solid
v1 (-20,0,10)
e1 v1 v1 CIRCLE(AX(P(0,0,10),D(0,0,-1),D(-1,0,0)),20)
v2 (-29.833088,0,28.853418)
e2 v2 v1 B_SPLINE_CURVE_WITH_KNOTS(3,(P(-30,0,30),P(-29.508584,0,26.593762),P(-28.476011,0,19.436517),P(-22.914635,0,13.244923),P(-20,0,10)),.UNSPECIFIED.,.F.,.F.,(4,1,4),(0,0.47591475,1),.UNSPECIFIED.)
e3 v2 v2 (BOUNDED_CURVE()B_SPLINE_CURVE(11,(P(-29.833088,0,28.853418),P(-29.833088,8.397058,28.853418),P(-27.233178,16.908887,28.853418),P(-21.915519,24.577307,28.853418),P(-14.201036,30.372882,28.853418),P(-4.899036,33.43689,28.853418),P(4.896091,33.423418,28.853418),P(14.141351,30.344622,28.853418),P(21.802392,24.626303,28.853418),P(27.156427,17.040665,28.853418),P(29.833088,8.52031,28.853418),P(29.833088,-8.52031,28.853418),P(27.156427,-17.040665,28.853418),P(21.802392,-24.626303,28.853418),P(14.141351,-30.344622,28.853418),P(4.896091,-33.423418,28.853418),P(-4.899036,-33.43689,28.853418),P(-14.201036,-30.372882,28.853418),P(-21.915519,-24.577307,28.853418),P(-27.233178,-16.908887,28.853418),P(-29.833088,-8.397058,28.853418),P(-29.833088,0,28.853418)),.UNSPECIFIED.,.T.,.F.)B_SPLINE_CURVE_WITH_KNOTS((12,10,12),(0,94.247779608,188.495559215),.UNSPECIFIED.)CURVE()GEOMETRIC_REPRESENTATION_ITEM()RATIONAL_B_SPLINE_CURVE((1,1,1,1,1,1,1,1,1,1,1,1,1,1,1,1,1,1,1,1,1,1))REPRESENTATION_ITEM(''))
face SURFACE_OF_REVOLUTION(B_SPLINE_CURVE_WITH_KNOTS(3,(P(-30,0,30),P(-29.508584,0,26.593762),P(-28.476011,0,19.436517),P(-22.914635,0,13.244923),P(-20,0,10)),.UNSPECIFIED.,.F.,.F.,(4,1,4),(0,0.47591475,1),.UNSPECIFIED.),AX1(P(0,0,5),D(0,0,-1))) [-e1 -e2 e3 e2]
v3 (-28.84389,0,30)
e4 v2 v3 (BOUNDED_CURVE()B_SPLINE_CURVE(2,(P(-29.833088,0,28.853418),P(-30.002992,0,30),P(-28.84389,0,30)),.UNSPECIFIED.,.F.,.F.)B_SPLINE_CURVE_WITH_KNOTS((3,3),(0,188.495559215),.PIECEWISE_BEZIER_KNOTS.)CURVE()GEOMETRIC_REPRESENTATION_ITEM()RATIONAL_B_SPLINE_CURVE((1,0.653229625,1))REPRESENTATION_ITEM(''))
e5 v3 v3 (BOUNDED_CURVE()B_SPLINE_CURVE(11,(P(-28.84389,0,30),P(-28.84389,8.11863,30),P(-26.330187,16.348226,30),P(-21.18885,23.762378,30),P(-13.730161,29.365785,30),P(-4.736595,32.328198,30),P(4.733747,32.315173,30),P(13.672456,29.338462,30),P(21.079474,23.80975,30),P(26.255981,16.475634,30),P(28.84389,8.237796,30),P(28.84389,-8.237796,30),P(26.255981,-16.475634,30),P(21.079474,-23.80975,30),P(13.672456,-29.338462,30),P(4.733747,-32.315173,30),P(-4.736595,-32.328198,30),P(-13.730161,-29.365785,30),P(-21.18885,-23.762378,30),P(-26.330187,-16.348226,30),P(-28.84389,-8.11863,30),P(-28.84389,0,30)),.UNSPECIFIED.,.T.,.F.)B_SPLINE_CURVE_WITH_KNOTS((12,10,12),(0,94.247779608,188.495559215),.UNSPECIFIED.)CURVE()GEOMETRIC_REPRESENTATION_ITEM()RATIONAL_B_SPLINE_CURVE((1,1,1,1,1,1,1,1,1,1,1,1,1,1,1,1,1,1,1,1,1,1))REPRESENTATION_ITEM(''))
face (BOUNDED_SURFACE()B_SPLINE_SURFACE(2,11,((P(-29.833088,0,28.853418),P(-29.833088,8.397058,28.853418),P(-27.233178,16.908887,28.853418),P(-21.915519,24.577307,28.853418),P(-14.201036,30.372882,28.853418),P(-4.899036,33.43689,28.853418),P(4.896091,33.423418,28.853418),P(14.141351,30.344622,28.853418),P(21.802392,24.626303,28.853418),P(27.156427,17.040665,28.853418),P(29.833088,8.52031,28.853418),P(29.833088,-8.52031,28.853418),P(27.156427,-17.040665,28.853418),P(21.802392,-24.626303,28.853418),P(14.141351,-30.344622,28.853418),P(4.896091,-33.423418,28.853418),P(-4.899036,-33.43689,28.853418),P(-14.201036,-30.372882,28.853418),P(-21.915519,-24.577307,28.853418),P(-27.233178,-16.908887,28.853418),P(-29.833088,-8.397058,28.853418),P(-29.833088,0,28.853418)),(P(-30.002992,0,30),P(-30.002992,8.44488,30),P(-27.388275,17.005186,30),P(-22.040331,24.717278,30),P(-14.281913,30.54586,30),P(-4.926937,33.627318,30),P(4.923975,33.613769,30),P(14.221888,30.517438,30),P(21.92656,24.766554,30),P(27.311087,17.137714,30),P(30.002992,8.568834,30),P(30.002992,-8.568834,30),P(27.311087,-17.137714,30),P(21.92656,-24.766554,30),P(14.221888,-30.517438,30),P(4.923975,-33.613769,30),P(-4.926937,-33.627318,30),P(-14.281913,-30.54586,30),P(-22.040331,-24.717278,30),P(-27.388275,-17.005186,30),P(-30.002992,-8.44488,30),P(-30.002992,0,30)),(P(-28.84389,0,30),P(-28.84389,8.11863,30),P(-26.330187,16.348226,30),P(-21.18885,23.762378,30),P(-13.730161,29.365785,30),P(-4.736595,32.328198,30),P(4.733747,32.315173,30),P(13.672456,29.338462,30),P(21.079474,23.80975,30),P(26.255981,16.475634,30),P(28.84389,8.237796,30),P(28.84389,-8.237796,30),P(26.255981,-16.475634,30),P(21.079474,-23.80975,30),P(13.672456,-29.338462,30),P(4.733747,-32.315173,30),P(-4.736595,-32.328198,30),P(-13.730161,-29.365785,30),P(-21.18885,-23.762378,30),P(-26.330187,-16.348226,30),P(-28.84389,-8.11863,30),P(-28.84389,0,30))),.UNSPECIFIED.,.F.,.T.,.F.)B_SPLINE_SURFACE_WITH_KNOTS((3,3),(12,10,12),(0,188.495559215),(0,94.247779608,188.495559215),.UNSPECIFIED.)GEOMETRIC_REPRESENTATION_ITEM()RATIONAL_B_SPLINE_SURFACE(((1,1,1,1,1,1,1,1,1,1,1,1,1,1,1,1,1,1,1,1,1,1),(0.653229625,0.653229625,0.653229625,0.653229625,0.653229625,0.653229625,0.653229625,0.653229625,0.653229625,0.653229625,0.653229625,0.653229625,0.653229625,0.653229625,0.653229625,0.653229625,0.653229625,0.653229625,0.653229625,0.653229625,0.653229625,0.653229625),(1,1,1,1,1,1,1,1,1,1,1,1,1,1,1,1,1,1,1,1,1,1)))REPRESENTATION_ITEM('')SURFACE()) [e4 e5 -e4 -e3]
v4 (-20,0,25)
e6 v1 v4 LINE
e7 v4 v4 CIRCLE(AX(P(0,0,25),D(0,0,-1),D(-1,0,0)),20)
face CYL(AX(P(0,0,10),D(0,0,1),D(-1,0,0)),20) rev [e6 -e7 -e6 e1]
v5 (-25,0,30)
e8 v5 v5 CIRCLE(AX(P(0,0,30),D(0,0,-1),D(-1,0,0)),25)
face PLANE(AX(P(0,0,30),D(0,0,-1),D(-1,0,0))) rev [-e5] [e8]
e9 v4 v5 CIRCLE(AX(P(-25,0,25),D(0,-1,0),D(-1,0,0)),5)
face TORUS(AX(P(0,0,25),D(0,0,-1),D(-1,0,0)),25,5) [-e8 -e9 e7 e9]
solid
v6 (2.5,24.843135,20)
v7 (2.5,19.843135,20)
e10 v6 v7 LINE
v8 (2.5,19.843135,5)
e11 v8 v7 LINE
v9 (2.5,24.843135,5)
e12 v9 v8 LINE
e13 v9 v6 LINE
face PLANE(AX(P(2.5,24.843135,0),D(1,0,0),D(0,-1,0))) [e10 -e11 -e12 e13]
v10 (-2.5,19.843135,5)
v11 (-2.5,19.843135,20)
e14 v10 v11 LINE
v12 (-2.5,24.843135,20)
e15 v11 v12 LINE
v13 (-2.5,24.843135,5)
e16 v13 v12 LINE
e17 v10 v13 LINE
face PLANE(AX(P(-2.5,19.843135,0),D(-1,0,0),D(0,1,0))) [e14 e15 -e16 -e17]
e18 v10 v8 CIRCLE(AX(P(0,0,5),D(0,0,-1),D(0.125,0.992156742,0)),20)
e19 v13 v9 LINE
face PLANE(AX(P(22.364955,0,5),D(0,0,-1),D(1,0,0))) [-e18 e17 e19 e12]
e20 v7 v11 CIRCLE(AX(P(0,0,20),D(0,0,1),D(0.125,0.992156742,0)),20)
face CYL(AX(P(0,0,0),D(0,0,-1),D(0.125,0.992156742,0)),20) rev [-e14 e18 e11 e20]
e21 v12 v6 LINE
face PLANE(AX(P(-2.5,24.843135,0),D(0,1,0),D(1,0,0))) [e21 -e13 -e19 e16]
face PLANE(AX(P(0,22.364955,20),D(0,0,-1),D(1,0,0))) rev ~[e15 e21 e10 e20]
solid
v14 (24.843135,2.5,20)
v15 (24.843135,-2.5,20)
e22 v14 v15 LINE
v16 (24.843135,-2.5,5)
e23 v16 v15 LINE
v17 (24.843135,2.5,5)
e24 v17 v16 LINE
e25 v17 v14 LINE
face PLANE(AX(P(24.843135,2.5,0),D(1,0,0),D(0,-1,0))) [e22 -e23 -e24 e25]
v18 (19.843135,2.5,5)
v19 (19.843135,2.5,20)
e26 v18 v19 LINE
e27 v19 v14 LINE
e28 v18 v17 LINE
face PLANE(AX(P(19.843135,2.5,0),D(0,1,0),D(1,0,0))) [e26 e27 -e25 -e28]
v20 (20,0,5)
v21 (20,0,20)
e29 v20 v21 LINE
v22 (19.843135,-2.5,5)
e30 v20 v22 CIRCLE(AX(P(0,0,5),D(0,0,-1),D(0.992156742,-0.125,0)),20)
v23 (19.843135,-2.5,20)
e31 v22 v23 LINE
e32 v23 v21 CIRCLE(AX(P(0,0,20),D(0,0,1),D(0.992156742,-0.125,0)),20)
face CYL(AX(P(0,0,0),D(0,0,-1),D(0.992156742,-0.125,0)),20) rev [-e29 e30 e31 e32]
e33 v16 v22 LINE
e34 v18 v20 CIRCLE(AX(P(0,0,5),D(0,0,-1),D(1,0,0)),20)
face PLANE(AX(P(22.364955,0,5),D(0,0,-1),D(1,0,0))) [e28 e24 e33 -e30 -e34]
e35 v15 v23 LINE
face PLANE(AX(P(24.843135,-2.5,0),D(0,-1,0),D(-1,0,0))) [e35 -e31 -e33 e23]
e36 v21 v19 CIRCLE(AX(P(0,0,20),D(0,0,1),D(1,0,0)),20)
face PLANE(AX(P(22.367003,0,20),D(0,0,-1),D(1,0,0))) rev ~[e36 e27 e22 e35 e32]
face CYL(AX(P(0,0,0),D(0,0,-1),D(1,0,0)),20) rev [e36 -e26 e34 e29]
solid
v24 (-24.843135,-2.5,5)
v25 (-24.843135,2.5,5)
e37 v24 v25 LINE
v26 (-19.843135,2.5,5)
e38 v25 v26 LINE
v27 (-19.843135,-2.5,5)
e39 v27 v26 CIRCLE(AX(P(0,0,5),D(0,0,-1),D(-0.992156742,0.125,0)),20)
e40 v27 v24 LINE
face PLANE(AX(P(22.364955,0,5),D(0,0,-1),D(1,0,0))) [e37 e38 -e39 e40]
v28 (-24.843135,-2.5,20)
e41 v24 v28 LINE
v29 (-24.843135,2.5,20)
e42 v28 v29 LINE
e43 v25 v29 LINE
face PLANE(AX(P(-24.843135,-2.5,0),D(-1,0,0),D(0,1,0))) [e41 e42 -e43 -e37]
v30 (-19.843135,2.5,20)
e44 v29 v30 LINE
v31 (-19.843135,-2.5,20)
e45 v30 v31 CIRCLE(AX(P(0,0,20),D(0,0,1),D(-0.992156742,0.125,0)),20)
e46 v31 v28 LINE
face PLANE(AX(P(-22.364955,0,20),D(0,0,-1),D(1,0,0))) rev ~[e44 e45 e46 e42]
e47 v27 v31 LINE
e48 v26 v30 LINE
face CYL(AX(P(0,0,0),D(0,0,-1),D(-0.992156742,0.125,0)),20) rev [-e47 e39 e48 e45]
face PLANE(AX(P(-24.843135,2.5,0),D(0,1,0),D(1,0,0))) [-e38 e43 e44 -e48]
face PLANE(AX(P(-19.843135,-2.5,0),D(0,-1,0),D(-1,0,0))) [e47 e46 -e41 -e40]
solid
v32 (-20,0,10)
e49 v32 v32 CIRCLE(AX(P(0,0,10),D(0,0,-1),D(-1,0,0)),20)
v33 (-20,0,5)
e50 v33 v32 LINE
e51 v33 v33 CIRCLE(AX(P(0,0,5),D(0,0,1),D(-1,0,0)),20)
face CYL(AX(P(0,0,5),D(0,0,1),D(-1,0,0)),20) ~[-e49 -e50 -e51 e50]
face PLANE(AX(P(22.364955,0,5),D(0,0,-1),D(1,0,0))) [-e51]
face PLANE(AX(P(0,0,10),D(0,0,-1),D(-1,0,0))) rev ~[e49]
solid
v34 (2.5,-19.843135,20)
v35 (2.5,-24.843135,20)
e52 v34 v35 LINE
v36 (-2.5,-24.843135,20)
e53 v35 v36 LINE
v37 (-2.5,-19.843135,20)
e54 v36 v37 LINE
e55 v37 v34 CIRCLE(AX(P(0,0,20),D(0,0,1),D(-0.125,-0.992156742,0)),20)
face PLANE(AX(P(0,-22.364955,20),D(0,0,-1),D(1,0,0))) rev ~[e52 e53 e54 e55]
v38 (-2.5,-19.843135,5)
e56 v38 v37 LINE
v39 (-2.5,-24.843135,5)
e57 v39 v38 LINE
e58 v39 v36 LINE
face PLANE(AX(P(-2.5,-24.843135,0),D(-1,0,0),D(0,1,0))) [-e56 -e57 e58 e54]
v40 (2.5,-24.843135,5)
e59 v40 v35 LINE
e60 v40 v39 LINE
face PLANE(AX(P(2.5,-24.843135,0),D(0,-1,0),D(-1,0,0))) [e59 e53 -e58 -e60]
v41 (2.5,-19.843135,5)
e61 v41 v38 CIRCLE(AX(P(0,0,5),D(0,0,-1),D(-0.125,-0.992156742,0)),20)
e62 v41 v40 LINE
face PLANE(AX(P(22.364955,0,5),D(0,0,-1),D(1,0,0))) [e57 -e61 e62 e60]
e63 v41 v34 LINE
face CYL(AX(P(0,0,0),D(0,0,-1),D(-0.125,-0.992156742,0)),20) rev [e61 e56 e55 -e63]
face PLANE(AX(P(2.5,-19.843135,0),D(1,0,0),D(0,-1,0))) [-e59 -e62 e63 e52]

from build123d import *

# Parameters (mm, degrees)
F0_W      = 20
F0_H      = 10
F2_R      = 5
F4_DEPTH  = 20
F5_R      = 1
F1_FACE_R = 20
F6_DEPTH  = 5


with BuildPart() as f1:
    # F0 (on Front) → F1 (revolve)
    with BuildSketch(Plane.XZ):
        with BuildLine():
            add(Edge.make_bspline(
                [(-30, 30), (-29.5085835647, 26.5937616974), (-28.4760111656, 19.436517039), (-22.9146351429, 13.2449230719), (-20, 10)],
                knots=[0, 0, 0, 0, 0.47591475, 1, 1, 1, 1], degree=3))
            Line((-20, 10), (-20, 30))
            Line((-20, 30), (-25, 30))
            Line((-25, 30), (-30, 30))
        make_face()
    revolve(axis=Axis((0, 0, 5), (0, 0, -1)))

    # F2
    f2_edges = [f1.edges().sort_by_distance(p)[0] for p in [
        (20, 0, 30),
    ]]
    fillet(f2_edges, radius=F2_R)

    # F5
    f5_edges = [f1.edges().sort_by_distance(p)[0] for p in [
        (30, 0, 30),
    ]]
    fillet(f5_edges, radius=F5_R)


with BuildPart() as f1b:
    # F0 (on Front) → F1, piece 2 (revolve)
    with BuildSketch(Plane.XZ):
        with Locations((-10, 5)):
            Rectangle(F0_W, F0_H)
    revolve(axis=Axis((0, 0, 5), (0, 0, -1)))


with BuildPart() as f4:
    # F3 (on face) → F4 (new body)
    with BuildSketch(Plane(origin=(0, 0, 0), x_dir=(1, 0, 0), z_dir=(0, 0, -1))):
        with BuildLine():
            Line((24.843134833, 2.5), (19.843134833, 2.5))
            ThreePointArc((19.843134833, 2.5), (19.9607451847, 1.2524582509), (20, 0))
            ThreePointArc((20, 0), (19.9607451847, -1.2524582509), (19.843134833, -2.5))
            Line((19.843134833, -2.5), (24.843134833, -2.5))
            Line((24.843134833, -2.5), (24.843134833, 2.5))
        make_face()
    extrude(amount=-F4_DEPTH)


with BuildPart() as f4b:
    # F3 (on face) → F4, piece 2 (new body)
    with BuildSketch(Plane(origin=(0, 0, 0), x_dir=(1, 0, 0), z_dir=(0, 0, -1))):
        with BuildLine():
            ThreePointArc((2.5, -19.843134833), (0, -20), (-2.5, -19.843134833))
            Line((-2.5, -19.843134833), (-2.5, -24.843134833))
            Line((-2.5, -24.843134833), (2.5, -24.843134833))
            Line((2.5, -24.843134833), (2.5, -19.843134833))
        make_face()
    extrude(amount=-F4_DEPTH)


with BuildPart() as f4c:
    # F3 (on face) → F4, piece 3 (new body)
    with BuildSketch(Plane(origin=(0, 0, 0), x_dir=(1, 0, 0), z_dir=(0, 0, -1))):
        with BuildLine():
            Line((-2.5, 24.843134833), (-2.5, 19.843134833))
            ThreePointArc((-2.5, 19.843134833), (0, 20), (2.5, 19.843134833))
            Line((2.5, 19.843134833), (2.5, 24.843134833))
            Line((2.5, 24.843134833), (-2.5, 24.843134833))
        make_face()
    extrude(amount=-F4_DEPTH)


with BuildPart() as f4d:
    # F3 (on face) → F4, piece 4 (new body)
    with BuildSketch(Plane(origin=(0, 0, 0), x_dir=(1, 0, 0), z_dir=(0, 0, -1))):
        with BuildLine():
            ThreePointArc((-19.843134833, -2.5), (-20, 0), (-19.843134833, 2.5))
            Line((-19.843134833, 2.5), (-24.843134833, 2.5))
            Line((-24.843134833, 2.5), (-24.843134833, -2.5))
            Line((-24.843134833, -2.5), (-19.843134833, -2.5))
        make_face()
    extrude(amount=-F4_DEPTH)


with BuildPart() as f6_tool:
    # F1_face (on face) + F4_face (on face) → F6 (new body)
    with BuildSketch(Plane(origin=(0, 0, 0), x_dir=(1, 0, 0), z_dir=(0, 0, -1))):
        Circle(F1_FACE_R)
    with BuildSketch(Plane(origin=(0, -22.3952412212, 0), x_dir=(1, 0, 0), z_dir=(0, 0, -1))):
        with BuildLine():
            Line((2.5, -2.5521063882), (2.5, 2.4478936118))
            Line((2.5, 2.4478936118), (-2.5, 2.4478936118))
            Line((-2.5, 2.4478936118), (-2.5, -2.5521063882))
            ThreePointArc((-2.5, -2.5521063882), (0, -2.3952412212), (2.5, -2.5521063882))
        make_face()
        with BuildLine():
            Line((-19.843134833, -19.8952412212), (-24.843134833, -19.8952412212))
            Line((-24.843134833, -19.8952412212), (-24.843134833, -24.8952412212))
            Line((-24.843134833, -24.8952412212), (-19.843134833, -24.8952412212))
            ThreePointArc((-19.843134833, -24.8952412212), (-20, -22.3952412212), (-19.843134833, -19.8952412212))
        make_face()
        with BuildLine():
            Line((-2.5, -42.2383760542), (-2.5, -47.2383760542))
            Line((-2.5, -47.2383760542), (2.5, -47.2383760542))
            Line((2.5, -47.2383760542), (2.5, -42.2383760542))
            ThreePointArc((2.5, -42.2383760542), (0, -42.3952412212), (-2.5, -42.2383760542))
        make_face()
        with BuildLine():
            Line((19.843134833, -24.8952412212), (24.843134833, -24.8952412212))
            Line((24.843134833, -24.8952412212), (24.843134833, -19.8952412212))
            Line((24.843134833, -19.8952412212), (19.843134833, -19.8952412212))
            ThreePointArc((19.843134833, -19.8952412212), (20, -22.3952412212), (19.843134833, -24.8952412212))
        make_face()
    extrude(amount=-F6_DEPTH)


with BuildPart() as f1b_1:
    add(f1b.part)

    # F6: cut by f6_tool
    add(f6_tool.part, mode=Mode.SUBTRACT)


with BuildPart() as f4_1:
    add(f4.part)

    # F6: cut by f6_tool
    add(f6_tool.part, mode=Mode.SUBTRACT)


with BuildPart() as f4b_1:
    add(f4b.part)

    # F6: cut by f6_tool
    add(f6_tool.part, mode=Mode.SUBTRACT)


with BuildPart() as f4c_1:
    add(f4c.part)

    # F6: cut by f6_tool
    add(f6_tool.part, mode=Mode.SUBTRACT)


with BuildPart() as f4d_1:
    add(f4d.part)

    # F6: cut by f6_tool
    add(f6_tool.part, mode=Mode.SUBTRACT)


solid = Compound([f1.part, f1b_1.part, f4_1.part, f4b_1.part, f4c_1.part, f4d_1.part])
